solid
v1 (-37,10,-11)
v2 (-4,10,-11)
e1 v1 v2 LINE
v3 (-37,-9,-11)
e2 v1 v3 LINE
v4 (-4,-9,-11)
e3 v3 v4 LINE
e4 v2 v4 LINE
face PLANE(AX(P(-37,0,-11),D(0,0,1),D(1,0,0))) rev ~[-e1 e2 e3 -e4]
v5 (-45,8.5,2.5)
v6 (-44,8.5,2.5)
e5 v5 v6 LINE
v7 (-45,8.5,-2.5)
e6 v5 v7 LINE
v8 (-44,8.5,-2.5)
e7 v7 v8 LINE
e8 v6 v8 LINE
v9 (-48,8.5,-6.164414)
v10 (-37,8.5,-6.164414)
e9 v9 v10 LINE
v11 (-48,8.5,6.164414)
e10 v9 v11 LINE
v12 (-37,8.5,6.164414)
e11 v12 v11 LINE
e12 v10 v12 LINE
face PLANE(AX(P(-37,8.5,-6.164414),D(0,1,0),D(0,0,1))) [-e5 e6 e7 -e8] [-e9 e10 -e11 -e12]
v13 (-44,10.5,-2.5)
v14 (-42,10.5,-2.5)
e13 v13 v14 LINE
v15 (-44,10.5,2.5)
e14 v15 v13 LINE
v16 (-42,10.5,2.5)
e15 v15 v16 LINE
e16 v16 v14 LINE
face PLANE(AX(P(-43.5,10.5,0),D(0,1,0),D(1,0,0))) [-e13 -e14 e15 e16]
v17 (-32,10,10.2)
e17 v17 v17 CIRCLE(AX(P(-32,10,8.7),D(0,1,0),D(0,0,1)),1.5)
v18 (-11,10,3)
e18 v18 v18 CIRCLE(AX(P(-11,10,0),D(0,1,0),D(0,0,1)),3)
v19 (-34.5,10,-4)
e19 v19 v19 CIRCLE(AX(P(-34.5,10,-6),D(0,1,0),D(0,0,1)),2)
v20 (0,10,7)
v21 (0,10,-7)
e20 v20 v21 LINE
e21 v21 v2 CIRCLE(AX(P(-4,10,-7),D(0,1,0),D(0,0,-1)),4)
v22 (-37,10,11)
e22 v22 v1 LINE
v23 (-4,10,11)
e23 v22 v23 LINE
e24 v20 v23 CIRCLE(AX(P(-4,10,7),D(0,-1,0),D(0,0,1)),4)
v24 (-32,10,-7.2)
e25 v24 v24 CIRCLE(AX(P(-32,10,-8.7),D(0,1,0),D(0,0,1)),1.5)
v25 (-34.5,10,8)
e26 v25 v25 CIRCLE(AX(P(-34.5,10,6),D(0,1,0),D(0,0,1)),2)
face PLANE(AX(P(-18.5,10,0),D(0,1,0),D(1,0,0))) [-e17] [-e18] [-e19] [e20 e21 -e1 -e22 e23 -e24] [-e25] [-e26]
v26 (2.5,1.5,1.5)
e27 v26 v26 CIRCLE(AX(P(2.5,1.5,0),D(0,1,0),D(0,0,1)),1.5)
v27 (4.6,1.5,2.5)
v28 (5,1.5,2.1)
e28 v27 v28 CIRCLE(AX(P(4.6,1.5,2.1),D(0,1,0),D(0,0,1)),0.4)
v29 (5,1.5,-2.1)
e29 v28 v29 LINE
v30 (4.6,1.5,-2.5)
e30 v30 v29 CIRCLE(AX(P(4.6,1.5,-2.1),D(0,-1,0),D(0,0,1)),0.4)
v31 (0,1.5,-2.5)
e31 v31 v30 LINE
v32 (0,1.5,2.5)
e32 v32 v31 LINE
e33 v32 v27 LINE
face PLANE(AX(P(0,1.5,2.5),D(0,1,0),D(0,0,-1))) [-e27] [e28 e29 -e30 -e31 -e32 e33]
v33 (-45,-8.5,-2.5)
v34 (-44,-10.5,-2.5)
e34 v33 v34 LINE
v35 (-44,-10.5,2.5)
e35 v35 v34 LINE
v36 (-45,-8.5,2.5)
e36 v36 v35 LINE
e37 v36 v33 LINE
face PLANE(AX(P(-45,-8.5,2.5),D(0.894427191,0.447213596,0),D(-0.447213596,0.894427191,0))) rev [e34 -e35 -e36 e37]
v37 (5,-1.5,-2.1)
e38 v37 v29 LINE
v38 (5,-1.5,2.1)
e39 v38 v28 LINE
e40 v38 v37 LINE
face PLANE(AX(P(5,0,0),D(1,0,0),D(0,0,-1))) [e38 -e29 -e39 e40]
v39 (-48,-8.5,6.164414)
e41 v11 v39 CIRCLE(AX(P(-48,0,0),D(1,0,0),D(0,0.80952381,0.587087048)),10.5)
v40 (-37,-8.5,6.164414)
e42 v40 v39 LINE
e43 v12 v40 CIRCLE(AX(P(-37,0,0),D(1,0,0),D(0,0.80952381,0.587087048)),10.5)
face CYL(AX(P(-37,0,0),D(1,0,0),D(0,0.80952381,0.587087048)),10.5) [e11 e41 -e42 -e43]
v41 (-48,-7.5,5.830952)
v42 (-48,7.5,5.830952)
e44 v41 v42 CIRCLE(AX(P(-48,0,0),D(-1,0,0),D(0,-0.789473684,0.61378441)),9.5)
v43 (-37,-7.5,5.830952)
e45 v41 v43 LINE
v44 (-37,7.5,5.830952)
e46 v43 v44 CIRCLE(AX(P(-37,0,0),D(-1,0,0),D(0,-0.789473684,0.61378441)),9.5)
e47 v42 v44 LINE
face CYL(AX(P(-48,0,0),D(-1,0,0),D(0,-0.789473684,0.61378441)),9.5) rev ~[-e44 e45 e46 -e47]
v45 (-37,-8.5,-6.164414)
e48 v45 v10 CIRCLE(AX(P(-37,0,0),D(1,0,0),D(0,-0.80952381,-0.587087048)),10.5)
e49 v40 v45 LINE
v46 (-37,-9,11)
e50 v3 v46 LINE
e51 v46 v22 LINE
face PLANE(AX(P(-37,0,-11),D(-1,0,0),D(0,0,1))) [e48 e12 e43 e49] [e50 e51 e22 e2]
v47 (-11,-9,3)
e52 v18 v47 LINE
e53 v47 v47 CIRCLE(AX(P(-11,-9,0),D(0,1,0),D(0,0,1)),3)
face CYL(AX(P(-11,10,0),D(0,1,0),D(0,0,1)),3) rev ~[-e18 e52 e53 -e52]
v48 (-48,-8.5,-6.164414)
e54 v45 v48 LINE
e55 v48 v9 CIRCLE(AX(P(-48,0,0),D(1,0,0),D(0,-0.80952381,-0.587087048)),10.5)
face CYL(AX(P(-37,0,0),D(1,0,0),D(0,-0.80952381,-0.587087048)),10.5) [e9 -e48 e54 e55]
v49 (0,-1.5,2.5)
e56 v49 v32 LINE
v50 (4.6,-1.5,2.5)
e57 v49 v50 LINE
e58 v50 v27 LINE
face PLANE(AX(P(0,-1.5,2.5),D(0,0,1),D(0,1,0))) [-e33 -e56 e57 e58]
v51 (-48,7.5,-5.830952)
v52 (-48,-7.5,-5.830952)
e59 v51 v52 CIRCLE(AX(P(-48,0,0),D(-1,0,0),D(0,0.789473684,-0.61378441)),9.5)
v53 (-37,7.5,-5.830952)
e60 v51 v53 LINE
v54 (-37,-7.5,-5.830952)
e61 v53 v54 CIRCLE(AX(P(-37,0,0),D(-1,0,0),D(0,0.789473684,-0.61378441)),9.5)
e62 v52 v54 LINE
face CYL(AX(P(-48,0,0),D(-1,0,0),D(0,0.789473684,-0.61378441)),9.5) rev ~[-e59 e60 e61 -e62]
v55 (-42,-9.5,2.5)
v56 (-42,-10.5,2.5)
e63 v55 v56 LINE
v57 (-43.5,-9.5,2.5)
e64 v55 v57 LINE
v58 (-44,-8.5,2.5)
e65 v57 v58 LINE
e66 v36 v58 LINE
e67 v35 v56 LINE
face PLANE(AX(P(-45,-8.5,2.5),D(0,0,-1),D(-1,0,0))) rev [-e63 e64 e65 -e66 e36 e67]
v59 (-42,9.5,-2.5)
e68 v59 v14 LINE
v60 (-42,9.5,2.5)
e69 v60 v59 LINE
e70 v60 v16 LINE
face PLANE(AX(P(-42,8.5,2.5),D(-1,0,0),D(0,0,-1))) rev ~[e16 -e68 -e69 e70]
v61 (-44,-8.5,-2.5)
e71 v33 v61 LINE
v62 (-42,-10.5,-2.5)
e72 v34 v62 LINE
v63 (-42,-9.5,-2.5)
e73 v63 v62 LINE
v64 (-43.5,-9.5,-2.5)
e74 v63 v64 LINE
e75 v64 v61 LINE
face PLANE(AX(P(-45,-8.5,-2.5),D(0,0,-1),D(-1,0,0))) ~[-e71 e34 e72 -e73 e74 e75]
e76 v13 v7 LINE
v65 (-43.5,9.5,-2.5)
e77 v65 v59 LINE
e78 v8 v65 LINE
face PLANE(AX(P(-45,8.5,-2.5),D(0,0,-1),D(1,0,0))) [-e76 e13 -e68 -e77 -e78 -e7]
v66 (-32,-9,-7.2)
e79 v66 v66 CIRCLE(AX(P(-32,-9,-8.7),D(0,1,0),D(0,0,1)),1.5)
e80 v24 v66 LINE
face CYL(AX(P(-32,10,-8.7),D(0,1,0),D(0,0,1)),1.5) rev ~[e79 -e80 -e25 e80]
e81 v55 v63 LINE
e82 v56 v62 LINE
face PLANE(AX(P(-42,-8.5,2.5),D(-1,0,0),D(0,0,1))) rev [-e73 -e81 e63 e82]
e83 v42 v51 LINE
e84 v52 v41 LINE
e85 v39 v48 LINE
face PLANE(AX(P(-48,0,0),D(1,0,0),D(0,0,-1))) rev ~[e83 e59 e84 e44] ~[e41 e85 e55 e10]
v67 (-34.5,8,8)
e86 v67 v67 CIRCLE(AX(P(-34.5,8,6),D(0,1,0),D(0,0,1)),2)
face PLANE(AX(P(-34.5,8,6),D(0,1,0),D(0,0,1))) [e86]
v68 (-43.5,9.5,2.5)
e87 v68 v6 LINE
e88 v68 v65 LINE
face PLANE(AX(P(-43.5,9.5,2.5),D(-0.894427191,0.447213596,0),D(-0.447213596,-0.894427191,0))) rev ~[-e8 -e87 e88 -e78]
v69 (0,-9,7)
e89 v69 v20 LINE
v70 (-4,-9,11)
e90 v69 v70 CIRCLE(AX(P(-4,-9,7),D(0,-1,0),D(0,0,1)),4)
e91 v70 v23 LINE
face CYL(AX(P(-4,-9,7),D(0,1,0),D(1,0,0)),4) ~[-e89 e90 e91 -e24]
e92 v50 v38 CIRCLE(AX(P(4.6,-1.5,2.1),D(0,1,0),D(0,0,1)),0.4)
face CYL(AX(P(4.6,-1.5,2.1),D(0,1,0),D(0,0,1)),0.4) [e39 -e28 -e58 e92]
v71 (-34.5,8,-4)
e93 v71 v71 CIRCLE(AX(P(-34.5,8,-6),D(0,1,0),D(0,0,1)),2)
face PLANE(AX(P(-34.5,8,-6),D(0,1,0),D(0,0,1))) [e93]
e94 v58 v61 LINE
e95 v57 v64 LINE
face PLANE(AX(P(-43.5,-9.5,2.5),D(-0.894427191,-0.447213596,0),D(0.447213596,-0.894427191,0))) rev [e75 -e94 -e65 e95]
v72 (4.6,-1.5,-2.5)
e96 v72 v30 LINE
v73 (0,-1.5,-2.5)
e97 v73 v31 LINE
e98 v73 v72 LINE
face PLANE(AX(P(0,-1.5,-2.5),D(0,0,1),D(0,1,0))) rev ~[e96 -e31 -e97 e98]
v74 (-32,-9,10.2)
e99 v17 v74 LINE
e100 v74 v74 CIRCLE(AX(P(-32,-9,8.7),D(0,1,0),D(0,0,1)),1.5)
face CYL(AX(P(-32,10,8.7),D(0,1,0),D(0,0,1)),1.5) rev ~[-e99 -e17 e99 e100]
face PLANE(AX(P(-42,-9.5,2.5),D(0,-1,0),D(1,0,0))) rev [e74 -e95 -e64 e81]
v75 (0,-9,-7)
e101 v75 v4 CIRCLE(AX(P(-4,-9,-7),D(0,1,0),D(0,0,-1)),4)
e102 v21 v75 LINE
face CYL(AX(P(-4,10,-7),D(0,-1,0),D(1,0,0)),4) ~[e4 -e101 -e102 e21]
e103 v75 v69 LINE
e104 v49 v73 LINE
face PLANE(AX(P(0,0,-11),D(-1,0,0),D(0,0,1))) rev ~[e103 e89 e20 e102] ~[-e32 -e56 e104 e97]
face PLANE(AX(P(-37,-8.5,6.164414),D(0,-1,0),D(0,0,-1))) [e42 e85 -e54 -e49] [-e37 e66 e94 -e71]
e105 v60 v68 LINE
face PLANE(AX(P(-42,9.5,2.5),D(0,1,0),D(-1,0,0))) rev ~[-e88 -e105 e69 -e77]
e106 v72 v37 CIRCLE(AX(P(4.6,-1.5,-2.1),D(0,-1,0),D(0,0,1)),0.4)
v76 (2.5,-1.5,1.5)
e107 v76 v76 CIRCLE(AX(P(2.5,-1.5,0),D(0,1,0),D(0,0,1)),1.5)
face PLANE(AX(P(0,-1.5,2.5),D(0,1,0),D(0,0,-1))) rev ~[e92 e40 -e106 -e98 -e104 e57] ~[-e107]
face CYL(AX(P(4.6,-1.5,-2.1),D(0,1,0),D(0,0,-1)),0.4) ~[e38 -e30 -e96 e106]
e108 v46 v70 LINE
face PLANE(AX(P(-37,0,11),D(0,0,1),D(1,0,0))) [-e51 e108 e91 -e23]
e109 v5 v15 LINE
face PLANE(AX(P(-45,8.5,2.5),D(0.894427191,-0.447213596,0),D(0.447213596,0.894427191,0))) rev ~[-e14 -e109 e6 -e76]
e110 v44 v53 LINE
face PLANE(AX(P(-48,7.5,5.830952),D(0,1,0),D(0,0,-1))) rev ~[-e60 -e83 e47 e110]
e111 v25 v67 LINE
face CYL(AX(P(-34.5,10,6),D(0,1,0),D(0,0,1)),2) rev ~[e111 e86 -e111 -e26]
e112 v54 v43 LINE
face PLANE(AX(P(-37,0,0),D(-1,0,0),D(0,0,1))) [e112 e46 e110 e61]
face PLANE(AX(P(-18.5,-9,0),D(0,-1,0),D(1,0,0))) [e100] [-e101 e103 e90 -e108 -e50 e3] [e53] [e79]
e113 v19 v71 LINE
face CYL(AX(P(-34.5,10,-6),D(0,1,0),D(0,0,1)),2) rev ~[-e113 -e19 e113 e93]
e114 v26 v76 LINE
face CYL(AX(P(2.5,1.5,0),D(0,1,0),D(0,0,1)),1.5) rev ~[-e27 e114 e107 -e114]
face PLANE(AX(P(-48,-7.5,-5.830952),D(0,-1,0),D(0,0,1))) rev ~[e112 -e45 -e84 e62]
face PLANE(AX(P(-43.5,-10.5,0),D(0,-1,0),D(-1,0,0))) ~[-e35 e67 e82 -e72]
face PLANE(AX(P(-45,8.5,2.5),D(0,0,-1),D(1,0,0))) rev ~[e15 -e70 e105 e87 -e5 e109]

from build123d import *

# Parameters (mm, degrees)
SKETCH1_W           = 37
SKETCH1_H           = 22
BOSS_EXTRUDE1_DEPTH = 10
SKETCH3_W           = 37
SKETCH3_H           = 22
BOSS_EXTRUDE2_DEPTH = 9
SKETCH5_W           = 5
SKETCH5_H           = 3
BOSS_EXTRUDE3_DEPTH = 5
SKETCH6_R           = 1.5
CUT_EXTRUDE1_DEPTH  = 5
FILLET1_R           = 0.4
FILLET2_R           = 4
SKETCH7_R           = 3
CUT_EXTRUDE2_DEPTH  = 44.023249529
SKETCH8_R           = 1.5
CUT_EXTRUDE4_DEPTH  = 44.023249529
SKETCH10_R          = 2
CUT_EXTRUDE5_DEPTH  = 2
BOSS_EXTRUDE4_DEPTH = 11
CUT_EXTRUDE6_DEPTH  = 11
SKETCH13_W          = 3
SKETCH13_H          = 5
BOSS_EXTRUDE5_DEPTH = 2
CUT_EXTRUDE7_DEPTH  = 51.955863254


with BuildPart() as part:
    # Sketch1 → Boss-Extrude1 (new body)
    with BuildSketch(Plane(origin=(0, 0, 0), x_dir=(1, 0, 0), z_dir=(0, 1, 0))):
        with Locations((-18.5, 0)):
            Rectangle(SKETCH1_W, SKETCH1_H)
    extrude(amount=BOSS_EXTRUDE1_DEPTH)

    # Sketch3 → Boss-Extrude2 (add)
    with BuildSketch(Plane.XZ):
        with Locations((-18.5, 0)):
            Rectangle(SKETCH3_W, SKETCH3_H)
    extrude(amount=BOSS_EXTRUDE2_DEPTH)

    # Sketch5 → Boss-Extrude3 (add)
    with BuildSketch(Plane(origin=(0, 0, 0), x_dir=(0, 0, -1), z_dir=(1, 0, 0))):
        Rectangle(SKETCH5_W, SKETCH5_H)
    extrude(amount=BOSS_EXTRUDE3_DEPTH)

    # Sketch6 → Cut-Extrude1 (cut)
    with BuildSketch(Plane(origin=(0, 1.5, 0), x_dir=(1, 0, 0), z_dir=(0, 1, 0))):
        with Locations(Location((2.5, 0, 0), (0, 0, 270))):
            Circle(SKETCH6_R)
    extrude(amount=-CUT_EXTRUDE1_DEPTH, mode=Mode.SUBTRACT)

    # Fillet1
    fillet1_edges = [part.edges().sort_by_distance(p)[0] for p in [
        (5, 0, -2.5),
        (5, 0, 2.5),
    ]]
    fillet(fillet1_edges, radius=FILLET1_R)

    # Fillet2
    fillet2_edges = [part.edges().sort_by_distance(p)[0] for p in [
        (0, 0.5, 11),
        (0, 0.5, -11),
    ]]
    fillet(fillet2_edges, radius=FILLET2_R)

    # Sketch7 → Cut-Extrude2 (cut, through all)
    with BuildSketch(Plane(origin=(0, 10, 0), x_dir=(1, 0, 0), z_dir=(0, 1, 0))):
        with Locations(Location((-11, 0, 0), (0, 0, 270))):
            Circle(SKETCH7_R)
    extrude(amount=-CUT_EXTRUDE2_DEPTH, mode=Mode.SUBTRACT)

    # Sketch8 → Cut-Extrude4 (cut, through all)
    with BuildSketch(Plane(origin=(0, 10, 0), x_dir=(1, 0, 0), z_dir=(0, 1, 0))):
        with Locations(Location((-32, 8.7, 0), (0, 0, 270))):
            Circle(SKETCH8_R)
        with Locations(Location((-32, -8.7, 0), (0, 0, 270))):
            Circle(SKETCH8_R)
    extrude(amount=-CUT_EXTRUDE4_DEPTH, mode=Mode.SUBTRACT)

    # Sketch10 → Cut-Extrude5 (cut)
    with BuildSketch(Plane(origin=(0, 10, 0), x_dir=(1, 0, 0), z_dir=(0, 1, 0))):
        with Locations(Location((-34.5, 6, 0), (0, 0, 270))):
            Circle(SKETCH10_R)
        with Locations(Location((-34.5, -6, 0), (0, 0, 270))):
            Circle(SKETCH10_R)
    extrude(amount=-CUT_EXTRUDE5_DEPTH, mode=Mode.SUBTRACT)

    # Sketch11 → Boss-Extrude4 (add)
    with BuildSketch(Plane.ZY.offset(37)):
        with BuildLine():
            Line((-6.164414003, 8.5), (6.164414003, 8.5))
            ThreePointArc((6.164414003, 8.5), (10.5, 0), (6.164414003, -8.5))
            Line((6.164414003, -8.5), (-6.164414003, -8.5))
            ThreePointArc((-6.164414003, -8.5), (-10.5, 0), (-6.164414003, 8.5))
        make_face()
    extrude(amount=BOSS_EXTRUDE4_DEPTH)

    # Sketch12 → Cut-Extrude6 (cut)
    with BuildSketch(Plane.ZY.offset(48)):
        with BuildLine():
            Line((-5.830951895, -7.5), (5.830951895, -7.5))
            ThreePointArc((5.830951895, -7.5), (9.5, 0), (5.830951895, 7.5))
            Line((5.830951895, 7.5), (-5.830951895, 7.5))
            ThreePointArc((-5.830951895, 7.5), (-9.5, 0), (-5.830951895, -7.5))
        make_face()
    extrude(amount=-CUT_EXTRUDE6_DEPTH, mode=Mode.SUBTRACT)

    # Sketch13 → Boss-Extrude5 (add)
    with BuildSketch(Plane(origin=(0, 8.5, 0), x_dir=(1, 0, 0), z_dir=(0, 1, 0))):
        with Locations((-43.5, 0)):
            Rectangle(SKETCH13_W, SKETCH13_H)
    boss_extrude5 = extrude(amount=BOSS_EXTRUDE5_DEPTH)

    # Sketch14 → Cut-Extrude7 (cut, through all)
    with BuildSketch(Plane.XY.offset(2.5)):
        Polygon((-44.5, 9.5), (-44, 10.5), (-45, 10.5), (-45, 9.5), align=None)
        Polygon((-45, 8.5), (-44.5, 9.5), (-45, 9.5), align=None)
        Polygon((-42, 9.5), (-43.5, 9.5), (-44, 8.5), (-42, 8.5), align=None)
    cut_extrude7 = extrude(amount=-CUT_EXTRUDE7_DEPTH, mode=Mode.SUBTRACT)

    # Mirror2: Boss-Extrude5 across plane
    add(boss_extrude5.mirror(Plane.ZX))

    # Mirror3: Cut-Extrude7 across plane
    add(cut_extrude7.mirror(Plane.ZX), mode=Mode.SUBTRACT)


solid = part.part
